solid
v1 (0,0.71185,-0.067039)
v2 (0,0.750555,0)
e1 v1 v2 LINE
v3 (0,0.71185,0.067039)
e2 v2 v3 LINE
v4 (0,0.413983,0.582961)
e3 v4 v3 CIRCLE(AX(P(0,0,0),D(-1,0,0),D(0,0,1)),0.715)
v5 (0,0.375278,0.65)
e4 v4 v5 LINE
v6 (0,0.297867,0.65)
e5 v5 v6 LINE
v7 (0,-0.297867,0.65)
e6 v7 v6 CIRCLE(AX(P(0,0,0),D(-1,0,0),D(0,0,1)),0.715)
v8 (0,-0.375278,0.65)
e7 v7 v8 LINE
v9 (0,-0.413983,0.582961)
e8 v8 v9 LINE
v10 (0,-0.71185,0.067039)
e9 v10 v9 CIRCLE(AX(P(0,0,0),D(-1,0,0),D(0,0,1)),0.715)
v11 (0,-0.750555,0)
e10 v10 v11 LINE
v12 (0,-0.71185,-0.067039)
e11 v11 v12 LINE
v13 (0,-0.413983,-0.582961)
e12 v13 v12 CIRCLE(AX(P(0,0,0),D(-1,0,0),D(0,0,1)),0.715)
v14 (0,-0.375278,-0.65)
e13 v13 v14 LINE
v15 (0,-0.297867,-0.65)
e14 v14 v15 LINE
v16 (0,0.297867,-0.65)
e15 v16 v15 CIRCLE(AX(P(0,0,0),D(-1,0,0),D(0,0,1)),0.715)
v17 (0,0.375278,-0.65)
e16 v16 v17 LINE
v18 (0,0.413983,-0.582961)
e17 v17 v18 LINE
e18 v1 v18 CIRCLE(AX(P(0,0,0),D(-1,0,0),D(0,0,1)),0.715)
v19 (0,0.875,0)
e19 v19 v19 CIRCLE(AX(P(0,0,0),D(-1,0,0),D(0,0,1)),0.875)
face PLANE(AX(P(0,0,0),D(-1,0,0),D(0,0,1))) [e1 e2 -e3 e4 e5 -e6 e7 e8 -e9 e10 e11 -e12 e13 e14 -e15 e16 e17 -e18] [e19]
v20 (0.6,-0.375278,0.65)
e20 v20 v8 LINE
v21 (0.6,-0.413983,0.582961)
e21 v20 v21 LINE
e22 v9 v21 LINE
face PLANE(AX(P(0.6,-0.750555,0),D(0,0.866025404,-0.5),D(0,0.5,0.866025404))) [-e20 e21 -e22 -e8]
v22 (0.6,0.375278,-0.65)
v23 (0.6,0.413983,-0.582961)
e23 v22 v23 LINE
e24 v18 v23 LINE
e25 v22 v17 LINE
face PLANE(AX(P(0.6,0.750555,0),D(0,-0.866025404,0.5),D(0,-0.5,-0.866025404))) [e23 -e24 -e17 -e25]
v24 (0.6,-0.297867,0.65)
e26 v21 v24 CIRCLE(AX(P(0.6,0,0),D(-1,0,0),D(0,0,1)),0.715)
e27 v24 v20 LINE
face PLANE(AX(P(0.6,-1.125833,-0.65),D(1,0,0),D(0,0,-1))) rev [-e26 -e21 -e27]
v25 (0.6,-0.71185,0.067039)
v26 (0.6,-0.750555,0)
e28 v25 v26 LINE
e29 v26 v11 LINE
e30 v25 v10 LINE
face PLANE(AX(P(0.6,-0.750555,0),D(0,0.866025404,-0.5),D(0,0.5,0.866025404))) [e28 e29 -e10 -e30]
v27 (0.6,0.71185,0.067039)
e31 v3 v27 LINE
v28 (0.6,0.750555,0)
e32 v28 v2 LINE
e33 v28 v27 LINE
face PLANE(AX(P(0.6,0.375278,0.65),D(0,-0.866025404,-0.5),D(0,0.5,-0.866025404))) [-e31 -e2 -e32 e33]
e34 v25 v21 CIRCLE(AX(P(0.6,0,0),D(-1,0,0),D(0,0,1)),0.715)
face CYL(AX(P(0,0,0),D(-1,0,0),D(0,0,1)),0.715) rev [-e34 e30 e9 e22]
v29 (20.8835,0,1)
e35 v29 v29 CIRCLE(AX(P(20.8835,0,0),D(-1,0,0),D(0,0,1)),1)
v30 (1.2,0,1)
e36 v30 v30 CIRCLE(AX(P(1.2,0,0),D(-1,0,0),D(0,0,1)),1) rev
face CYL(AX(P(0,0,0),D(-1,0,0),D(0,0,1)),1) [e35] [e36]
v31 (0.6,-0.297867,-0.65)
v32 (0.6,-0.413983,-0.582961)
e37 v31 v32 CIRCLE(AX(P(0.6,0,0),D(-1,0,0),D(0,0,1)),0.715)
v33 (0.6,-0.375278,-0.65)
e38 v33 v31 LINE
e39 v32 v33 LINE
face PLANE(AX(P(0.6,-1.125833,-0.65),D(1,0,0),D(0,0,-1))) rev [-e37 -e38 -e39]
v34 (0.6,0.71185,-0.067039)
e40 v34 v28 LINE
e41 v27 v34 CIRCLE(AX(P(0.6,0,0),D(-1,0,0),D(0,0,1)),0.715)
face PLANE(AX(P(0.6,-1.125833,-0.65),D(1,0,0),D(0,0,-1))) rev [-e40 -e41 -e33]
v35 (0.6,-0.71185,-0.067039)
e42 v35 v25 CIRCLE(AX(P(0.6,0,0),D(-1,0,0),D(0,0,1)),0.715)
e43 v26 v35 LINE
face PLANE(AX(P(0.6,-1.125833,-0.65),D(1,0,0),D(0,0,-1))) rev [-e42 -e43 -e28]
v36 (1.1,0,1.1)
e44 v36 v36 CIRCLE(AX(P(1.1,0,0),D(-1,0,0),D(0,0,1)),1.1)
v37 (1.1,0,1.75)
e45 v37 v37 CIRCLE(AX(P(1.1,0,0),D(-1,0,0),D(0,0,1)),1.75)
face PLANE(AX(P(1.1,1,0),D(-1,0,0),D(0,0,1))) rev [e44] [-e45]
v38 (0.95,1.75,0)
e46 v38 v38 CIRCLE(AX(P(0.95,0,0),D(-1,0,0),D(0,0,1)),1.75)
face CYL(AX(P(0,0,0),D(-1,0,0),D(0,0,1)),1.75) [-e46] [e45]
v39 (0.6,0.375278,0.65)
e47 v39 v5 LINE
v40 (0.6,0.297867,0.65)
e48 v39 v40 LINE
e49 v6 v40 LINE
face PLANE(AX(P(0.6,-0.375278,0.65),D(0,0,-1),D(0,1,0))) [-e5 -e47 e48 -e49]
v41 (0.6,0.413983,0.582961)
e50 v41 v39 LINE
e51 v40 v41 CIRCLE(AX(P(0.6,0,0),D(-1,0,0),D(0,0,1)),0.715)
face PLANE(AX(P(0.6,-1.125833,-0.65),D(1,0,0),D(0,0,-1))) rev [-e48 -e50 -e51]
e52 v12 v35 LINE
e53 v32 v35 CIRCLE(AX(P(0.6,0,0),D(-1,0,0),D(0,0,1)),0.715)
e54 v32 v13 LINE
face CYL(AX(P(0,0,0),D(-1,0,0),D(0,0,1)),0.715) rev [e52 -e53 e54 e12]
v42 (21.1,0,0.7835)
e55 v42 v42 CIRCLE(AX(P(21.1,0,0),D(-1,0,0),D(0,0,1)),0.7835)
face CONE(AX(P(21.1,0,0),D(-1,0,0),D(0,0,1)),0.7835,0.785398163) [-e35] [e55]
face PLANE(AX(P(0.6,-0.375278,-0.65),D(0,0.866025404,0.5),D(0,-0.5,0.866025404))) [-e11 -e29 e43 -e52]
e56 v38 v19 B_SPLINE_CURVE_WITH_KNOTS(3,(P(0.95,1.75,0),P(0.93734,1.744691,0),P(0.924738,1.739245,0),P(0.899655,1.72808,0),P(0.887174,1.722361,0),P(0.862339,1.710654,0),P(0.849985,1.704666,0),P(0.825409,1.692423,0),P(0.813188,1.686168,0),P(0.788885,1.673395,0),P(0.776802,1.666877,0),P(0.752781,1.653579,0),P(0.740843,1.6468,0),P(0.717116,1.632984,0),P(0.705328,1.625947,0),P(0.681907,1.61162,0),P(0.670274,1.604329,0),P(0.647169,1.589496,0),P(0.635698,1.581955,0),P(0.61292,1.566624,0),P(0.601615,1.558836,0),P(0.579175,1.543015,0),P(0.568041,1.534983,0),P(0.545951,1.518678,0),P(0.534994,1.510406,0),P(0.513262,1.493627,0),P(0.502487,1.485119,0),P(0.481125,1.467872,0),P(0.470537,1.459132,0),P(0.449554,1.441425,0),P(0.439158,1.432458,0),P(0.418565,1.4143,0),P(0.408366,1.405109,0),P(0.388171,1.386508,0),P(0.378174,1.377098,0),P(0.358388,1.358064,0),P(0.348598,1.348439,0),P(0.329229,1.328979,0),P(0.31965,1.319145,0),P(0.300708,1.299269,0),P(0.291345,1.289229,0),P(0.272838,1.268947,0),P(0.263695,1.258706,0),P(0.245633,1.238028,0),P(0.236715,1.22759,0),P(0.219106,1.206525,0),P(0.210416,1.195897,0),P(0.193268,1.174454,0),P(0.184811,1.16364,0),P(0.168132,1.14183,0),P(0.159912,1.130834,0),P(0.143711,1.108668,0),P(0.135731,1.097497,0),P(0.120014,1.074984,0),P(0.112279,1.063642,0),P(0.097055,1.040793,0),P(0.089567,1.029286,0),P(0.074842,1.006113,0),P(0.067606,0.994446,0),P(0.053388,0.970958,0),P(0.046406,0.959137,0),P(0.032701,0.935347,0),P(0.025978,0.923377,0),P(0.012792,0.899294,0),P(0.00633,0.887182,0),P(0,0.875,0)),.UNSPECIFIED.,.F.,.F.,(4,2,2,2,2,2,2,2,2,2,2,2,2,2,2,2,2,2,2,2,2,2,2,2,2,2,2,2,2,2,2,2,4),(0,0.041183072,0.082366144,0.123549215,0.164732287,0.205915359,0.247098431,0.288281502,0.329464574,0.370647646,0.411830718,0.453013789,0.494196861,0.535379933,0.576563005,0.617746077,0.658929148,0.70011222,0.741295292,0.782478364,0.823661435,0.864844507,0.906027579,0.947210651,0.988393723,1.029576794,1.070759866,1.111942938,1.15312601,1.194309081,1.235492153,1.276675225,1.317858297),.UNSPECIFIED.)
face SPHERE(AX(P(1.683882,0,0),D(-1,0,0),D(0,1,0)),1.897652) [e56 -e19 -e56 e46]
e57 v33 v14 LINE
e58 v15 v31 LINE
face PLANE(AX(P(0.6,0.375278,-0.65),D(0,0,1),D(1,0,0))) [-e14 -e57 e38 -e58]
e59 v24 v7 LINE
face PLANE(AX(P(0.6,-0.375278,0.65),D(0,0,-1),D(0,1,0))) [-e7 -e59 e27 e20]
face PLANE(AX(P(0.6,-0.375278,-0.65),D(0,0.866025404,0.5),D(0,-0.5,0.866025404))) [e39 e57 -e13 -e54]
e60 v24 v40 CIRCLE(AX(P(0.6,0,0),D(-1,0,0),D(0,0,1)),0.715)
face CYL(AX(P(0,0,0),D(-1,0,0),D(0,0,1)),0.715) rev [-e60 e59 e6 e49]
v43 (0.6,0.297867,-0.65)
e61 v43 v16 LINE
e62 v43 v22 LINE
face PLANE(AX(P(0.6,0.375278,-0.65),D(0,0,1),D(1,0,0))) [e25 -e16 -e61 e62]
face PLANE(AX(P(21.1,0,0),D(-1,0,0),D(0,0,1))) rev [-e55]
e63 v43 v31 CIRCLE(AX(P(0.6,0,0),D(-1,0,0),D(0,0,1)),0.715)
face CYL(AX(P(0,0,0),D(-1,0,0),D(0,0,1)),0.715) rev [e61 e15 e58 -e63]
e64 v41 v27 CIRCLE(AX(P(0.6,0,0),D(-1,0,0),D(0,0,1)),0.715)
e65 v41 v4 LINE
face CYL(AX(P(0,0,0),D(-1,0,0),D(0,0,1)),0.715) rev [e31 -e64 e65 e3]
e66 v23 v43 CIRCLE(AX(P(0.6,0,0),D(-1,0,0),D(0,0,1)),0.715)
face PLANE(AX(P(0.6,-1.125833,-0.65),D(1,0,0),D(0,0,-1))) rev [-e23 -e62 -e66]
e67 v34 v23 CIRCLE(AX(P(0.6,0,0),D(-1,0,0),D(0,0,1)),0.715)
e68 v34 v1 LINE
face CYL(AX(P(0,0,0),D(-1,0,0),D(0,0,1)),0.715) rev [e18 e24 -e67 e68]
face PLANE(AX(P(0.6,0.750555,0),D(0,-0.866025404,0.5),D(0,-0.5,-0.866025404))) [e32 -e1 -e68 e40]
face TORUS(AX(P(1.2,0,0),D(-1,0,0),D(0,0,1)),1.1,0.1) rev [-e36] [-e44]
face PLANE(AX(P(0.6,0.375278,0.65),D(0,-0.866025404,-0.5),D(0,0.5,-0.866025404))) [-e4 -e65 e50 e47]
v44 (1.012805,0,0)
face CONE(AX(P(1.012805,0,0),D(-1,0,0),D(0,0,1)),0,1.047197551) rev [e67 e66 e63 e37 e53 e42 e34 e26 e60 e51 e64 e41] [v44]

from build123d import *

# Parameters (mm, degrees)
FILLET1_R   = 0.1
HEX_2_DEPTH = 0.6


with BuildPart() as part:
    # BodySke → BaseBody (revolve)
    with BuildSketch(Plane.XY, mode=Mode.PRIVATE) as basebody_sk:
        with BuildLine():
            Line((21.1, 0), (21.1, 0.7835))
            Line((21.1, 0.7835), (20.8835, 1))
            Line((20.8835, 1), (1.1, 1))
            Line((1.1, 1), (1.1, 1.75))
            Line((1.1, 1.75), (0.95, 1.75))
            ThreePointArc((0.95, 1.75), (0.398268526, 1.395808457), (0, 0.875))
            Line((0, 0.875), (0, 0))
            Line((0, 0), (21.1, 0))
        make_face()
    revolve(basebody_sk.sketch.rotate(Axis((0, 0, 0), (1, 0, 0)), 90), axis=Axis((0, 0, 0), (1, 0, 0)))

    # Fillet1
    fillet1_edges = [part.edges().sort_by_distance(p)[0] for p in [
        (1.1, 0, -1),
    ]]
    fillet(fillet1_edges, radius=FILLET1_R)

    # Sketch2 → PreBroach (revolve, cut)
    with BuildSketch(Plane.XY, mode=Mode.PRIVATE) as prebroach_sk:
        Polygon((0, 0.715), (0.6, 0.715), (1.012805442, 0), (0, 0), align=None)
    revolve(prebroach_sk.sketch.rotate(Axis((0, 0, 0), (1, 0, 0)), 90), axis=Axis((0, 0, 0), (1, 0, 0)), mode=Mode.SUBTRACT)

    # Sketch3 → Hex 2 (cut)
    with BuildSketch(Plane(origin=(0, 0, 0), x_dir=(0, 0, -1), z_dir=(1, 0, 0))):
        Polygon((-0.65, -0.375277675), (-0.65, 0.375277675), (0, 0.75055535), (0.65, 0.375277675), (0.65, -0.375277675), (0, -0.75055535), align=None)
    extrude(amount=HEX_2_DEPTH, mode=Mode.SUBTRACT)


solid = part.part
